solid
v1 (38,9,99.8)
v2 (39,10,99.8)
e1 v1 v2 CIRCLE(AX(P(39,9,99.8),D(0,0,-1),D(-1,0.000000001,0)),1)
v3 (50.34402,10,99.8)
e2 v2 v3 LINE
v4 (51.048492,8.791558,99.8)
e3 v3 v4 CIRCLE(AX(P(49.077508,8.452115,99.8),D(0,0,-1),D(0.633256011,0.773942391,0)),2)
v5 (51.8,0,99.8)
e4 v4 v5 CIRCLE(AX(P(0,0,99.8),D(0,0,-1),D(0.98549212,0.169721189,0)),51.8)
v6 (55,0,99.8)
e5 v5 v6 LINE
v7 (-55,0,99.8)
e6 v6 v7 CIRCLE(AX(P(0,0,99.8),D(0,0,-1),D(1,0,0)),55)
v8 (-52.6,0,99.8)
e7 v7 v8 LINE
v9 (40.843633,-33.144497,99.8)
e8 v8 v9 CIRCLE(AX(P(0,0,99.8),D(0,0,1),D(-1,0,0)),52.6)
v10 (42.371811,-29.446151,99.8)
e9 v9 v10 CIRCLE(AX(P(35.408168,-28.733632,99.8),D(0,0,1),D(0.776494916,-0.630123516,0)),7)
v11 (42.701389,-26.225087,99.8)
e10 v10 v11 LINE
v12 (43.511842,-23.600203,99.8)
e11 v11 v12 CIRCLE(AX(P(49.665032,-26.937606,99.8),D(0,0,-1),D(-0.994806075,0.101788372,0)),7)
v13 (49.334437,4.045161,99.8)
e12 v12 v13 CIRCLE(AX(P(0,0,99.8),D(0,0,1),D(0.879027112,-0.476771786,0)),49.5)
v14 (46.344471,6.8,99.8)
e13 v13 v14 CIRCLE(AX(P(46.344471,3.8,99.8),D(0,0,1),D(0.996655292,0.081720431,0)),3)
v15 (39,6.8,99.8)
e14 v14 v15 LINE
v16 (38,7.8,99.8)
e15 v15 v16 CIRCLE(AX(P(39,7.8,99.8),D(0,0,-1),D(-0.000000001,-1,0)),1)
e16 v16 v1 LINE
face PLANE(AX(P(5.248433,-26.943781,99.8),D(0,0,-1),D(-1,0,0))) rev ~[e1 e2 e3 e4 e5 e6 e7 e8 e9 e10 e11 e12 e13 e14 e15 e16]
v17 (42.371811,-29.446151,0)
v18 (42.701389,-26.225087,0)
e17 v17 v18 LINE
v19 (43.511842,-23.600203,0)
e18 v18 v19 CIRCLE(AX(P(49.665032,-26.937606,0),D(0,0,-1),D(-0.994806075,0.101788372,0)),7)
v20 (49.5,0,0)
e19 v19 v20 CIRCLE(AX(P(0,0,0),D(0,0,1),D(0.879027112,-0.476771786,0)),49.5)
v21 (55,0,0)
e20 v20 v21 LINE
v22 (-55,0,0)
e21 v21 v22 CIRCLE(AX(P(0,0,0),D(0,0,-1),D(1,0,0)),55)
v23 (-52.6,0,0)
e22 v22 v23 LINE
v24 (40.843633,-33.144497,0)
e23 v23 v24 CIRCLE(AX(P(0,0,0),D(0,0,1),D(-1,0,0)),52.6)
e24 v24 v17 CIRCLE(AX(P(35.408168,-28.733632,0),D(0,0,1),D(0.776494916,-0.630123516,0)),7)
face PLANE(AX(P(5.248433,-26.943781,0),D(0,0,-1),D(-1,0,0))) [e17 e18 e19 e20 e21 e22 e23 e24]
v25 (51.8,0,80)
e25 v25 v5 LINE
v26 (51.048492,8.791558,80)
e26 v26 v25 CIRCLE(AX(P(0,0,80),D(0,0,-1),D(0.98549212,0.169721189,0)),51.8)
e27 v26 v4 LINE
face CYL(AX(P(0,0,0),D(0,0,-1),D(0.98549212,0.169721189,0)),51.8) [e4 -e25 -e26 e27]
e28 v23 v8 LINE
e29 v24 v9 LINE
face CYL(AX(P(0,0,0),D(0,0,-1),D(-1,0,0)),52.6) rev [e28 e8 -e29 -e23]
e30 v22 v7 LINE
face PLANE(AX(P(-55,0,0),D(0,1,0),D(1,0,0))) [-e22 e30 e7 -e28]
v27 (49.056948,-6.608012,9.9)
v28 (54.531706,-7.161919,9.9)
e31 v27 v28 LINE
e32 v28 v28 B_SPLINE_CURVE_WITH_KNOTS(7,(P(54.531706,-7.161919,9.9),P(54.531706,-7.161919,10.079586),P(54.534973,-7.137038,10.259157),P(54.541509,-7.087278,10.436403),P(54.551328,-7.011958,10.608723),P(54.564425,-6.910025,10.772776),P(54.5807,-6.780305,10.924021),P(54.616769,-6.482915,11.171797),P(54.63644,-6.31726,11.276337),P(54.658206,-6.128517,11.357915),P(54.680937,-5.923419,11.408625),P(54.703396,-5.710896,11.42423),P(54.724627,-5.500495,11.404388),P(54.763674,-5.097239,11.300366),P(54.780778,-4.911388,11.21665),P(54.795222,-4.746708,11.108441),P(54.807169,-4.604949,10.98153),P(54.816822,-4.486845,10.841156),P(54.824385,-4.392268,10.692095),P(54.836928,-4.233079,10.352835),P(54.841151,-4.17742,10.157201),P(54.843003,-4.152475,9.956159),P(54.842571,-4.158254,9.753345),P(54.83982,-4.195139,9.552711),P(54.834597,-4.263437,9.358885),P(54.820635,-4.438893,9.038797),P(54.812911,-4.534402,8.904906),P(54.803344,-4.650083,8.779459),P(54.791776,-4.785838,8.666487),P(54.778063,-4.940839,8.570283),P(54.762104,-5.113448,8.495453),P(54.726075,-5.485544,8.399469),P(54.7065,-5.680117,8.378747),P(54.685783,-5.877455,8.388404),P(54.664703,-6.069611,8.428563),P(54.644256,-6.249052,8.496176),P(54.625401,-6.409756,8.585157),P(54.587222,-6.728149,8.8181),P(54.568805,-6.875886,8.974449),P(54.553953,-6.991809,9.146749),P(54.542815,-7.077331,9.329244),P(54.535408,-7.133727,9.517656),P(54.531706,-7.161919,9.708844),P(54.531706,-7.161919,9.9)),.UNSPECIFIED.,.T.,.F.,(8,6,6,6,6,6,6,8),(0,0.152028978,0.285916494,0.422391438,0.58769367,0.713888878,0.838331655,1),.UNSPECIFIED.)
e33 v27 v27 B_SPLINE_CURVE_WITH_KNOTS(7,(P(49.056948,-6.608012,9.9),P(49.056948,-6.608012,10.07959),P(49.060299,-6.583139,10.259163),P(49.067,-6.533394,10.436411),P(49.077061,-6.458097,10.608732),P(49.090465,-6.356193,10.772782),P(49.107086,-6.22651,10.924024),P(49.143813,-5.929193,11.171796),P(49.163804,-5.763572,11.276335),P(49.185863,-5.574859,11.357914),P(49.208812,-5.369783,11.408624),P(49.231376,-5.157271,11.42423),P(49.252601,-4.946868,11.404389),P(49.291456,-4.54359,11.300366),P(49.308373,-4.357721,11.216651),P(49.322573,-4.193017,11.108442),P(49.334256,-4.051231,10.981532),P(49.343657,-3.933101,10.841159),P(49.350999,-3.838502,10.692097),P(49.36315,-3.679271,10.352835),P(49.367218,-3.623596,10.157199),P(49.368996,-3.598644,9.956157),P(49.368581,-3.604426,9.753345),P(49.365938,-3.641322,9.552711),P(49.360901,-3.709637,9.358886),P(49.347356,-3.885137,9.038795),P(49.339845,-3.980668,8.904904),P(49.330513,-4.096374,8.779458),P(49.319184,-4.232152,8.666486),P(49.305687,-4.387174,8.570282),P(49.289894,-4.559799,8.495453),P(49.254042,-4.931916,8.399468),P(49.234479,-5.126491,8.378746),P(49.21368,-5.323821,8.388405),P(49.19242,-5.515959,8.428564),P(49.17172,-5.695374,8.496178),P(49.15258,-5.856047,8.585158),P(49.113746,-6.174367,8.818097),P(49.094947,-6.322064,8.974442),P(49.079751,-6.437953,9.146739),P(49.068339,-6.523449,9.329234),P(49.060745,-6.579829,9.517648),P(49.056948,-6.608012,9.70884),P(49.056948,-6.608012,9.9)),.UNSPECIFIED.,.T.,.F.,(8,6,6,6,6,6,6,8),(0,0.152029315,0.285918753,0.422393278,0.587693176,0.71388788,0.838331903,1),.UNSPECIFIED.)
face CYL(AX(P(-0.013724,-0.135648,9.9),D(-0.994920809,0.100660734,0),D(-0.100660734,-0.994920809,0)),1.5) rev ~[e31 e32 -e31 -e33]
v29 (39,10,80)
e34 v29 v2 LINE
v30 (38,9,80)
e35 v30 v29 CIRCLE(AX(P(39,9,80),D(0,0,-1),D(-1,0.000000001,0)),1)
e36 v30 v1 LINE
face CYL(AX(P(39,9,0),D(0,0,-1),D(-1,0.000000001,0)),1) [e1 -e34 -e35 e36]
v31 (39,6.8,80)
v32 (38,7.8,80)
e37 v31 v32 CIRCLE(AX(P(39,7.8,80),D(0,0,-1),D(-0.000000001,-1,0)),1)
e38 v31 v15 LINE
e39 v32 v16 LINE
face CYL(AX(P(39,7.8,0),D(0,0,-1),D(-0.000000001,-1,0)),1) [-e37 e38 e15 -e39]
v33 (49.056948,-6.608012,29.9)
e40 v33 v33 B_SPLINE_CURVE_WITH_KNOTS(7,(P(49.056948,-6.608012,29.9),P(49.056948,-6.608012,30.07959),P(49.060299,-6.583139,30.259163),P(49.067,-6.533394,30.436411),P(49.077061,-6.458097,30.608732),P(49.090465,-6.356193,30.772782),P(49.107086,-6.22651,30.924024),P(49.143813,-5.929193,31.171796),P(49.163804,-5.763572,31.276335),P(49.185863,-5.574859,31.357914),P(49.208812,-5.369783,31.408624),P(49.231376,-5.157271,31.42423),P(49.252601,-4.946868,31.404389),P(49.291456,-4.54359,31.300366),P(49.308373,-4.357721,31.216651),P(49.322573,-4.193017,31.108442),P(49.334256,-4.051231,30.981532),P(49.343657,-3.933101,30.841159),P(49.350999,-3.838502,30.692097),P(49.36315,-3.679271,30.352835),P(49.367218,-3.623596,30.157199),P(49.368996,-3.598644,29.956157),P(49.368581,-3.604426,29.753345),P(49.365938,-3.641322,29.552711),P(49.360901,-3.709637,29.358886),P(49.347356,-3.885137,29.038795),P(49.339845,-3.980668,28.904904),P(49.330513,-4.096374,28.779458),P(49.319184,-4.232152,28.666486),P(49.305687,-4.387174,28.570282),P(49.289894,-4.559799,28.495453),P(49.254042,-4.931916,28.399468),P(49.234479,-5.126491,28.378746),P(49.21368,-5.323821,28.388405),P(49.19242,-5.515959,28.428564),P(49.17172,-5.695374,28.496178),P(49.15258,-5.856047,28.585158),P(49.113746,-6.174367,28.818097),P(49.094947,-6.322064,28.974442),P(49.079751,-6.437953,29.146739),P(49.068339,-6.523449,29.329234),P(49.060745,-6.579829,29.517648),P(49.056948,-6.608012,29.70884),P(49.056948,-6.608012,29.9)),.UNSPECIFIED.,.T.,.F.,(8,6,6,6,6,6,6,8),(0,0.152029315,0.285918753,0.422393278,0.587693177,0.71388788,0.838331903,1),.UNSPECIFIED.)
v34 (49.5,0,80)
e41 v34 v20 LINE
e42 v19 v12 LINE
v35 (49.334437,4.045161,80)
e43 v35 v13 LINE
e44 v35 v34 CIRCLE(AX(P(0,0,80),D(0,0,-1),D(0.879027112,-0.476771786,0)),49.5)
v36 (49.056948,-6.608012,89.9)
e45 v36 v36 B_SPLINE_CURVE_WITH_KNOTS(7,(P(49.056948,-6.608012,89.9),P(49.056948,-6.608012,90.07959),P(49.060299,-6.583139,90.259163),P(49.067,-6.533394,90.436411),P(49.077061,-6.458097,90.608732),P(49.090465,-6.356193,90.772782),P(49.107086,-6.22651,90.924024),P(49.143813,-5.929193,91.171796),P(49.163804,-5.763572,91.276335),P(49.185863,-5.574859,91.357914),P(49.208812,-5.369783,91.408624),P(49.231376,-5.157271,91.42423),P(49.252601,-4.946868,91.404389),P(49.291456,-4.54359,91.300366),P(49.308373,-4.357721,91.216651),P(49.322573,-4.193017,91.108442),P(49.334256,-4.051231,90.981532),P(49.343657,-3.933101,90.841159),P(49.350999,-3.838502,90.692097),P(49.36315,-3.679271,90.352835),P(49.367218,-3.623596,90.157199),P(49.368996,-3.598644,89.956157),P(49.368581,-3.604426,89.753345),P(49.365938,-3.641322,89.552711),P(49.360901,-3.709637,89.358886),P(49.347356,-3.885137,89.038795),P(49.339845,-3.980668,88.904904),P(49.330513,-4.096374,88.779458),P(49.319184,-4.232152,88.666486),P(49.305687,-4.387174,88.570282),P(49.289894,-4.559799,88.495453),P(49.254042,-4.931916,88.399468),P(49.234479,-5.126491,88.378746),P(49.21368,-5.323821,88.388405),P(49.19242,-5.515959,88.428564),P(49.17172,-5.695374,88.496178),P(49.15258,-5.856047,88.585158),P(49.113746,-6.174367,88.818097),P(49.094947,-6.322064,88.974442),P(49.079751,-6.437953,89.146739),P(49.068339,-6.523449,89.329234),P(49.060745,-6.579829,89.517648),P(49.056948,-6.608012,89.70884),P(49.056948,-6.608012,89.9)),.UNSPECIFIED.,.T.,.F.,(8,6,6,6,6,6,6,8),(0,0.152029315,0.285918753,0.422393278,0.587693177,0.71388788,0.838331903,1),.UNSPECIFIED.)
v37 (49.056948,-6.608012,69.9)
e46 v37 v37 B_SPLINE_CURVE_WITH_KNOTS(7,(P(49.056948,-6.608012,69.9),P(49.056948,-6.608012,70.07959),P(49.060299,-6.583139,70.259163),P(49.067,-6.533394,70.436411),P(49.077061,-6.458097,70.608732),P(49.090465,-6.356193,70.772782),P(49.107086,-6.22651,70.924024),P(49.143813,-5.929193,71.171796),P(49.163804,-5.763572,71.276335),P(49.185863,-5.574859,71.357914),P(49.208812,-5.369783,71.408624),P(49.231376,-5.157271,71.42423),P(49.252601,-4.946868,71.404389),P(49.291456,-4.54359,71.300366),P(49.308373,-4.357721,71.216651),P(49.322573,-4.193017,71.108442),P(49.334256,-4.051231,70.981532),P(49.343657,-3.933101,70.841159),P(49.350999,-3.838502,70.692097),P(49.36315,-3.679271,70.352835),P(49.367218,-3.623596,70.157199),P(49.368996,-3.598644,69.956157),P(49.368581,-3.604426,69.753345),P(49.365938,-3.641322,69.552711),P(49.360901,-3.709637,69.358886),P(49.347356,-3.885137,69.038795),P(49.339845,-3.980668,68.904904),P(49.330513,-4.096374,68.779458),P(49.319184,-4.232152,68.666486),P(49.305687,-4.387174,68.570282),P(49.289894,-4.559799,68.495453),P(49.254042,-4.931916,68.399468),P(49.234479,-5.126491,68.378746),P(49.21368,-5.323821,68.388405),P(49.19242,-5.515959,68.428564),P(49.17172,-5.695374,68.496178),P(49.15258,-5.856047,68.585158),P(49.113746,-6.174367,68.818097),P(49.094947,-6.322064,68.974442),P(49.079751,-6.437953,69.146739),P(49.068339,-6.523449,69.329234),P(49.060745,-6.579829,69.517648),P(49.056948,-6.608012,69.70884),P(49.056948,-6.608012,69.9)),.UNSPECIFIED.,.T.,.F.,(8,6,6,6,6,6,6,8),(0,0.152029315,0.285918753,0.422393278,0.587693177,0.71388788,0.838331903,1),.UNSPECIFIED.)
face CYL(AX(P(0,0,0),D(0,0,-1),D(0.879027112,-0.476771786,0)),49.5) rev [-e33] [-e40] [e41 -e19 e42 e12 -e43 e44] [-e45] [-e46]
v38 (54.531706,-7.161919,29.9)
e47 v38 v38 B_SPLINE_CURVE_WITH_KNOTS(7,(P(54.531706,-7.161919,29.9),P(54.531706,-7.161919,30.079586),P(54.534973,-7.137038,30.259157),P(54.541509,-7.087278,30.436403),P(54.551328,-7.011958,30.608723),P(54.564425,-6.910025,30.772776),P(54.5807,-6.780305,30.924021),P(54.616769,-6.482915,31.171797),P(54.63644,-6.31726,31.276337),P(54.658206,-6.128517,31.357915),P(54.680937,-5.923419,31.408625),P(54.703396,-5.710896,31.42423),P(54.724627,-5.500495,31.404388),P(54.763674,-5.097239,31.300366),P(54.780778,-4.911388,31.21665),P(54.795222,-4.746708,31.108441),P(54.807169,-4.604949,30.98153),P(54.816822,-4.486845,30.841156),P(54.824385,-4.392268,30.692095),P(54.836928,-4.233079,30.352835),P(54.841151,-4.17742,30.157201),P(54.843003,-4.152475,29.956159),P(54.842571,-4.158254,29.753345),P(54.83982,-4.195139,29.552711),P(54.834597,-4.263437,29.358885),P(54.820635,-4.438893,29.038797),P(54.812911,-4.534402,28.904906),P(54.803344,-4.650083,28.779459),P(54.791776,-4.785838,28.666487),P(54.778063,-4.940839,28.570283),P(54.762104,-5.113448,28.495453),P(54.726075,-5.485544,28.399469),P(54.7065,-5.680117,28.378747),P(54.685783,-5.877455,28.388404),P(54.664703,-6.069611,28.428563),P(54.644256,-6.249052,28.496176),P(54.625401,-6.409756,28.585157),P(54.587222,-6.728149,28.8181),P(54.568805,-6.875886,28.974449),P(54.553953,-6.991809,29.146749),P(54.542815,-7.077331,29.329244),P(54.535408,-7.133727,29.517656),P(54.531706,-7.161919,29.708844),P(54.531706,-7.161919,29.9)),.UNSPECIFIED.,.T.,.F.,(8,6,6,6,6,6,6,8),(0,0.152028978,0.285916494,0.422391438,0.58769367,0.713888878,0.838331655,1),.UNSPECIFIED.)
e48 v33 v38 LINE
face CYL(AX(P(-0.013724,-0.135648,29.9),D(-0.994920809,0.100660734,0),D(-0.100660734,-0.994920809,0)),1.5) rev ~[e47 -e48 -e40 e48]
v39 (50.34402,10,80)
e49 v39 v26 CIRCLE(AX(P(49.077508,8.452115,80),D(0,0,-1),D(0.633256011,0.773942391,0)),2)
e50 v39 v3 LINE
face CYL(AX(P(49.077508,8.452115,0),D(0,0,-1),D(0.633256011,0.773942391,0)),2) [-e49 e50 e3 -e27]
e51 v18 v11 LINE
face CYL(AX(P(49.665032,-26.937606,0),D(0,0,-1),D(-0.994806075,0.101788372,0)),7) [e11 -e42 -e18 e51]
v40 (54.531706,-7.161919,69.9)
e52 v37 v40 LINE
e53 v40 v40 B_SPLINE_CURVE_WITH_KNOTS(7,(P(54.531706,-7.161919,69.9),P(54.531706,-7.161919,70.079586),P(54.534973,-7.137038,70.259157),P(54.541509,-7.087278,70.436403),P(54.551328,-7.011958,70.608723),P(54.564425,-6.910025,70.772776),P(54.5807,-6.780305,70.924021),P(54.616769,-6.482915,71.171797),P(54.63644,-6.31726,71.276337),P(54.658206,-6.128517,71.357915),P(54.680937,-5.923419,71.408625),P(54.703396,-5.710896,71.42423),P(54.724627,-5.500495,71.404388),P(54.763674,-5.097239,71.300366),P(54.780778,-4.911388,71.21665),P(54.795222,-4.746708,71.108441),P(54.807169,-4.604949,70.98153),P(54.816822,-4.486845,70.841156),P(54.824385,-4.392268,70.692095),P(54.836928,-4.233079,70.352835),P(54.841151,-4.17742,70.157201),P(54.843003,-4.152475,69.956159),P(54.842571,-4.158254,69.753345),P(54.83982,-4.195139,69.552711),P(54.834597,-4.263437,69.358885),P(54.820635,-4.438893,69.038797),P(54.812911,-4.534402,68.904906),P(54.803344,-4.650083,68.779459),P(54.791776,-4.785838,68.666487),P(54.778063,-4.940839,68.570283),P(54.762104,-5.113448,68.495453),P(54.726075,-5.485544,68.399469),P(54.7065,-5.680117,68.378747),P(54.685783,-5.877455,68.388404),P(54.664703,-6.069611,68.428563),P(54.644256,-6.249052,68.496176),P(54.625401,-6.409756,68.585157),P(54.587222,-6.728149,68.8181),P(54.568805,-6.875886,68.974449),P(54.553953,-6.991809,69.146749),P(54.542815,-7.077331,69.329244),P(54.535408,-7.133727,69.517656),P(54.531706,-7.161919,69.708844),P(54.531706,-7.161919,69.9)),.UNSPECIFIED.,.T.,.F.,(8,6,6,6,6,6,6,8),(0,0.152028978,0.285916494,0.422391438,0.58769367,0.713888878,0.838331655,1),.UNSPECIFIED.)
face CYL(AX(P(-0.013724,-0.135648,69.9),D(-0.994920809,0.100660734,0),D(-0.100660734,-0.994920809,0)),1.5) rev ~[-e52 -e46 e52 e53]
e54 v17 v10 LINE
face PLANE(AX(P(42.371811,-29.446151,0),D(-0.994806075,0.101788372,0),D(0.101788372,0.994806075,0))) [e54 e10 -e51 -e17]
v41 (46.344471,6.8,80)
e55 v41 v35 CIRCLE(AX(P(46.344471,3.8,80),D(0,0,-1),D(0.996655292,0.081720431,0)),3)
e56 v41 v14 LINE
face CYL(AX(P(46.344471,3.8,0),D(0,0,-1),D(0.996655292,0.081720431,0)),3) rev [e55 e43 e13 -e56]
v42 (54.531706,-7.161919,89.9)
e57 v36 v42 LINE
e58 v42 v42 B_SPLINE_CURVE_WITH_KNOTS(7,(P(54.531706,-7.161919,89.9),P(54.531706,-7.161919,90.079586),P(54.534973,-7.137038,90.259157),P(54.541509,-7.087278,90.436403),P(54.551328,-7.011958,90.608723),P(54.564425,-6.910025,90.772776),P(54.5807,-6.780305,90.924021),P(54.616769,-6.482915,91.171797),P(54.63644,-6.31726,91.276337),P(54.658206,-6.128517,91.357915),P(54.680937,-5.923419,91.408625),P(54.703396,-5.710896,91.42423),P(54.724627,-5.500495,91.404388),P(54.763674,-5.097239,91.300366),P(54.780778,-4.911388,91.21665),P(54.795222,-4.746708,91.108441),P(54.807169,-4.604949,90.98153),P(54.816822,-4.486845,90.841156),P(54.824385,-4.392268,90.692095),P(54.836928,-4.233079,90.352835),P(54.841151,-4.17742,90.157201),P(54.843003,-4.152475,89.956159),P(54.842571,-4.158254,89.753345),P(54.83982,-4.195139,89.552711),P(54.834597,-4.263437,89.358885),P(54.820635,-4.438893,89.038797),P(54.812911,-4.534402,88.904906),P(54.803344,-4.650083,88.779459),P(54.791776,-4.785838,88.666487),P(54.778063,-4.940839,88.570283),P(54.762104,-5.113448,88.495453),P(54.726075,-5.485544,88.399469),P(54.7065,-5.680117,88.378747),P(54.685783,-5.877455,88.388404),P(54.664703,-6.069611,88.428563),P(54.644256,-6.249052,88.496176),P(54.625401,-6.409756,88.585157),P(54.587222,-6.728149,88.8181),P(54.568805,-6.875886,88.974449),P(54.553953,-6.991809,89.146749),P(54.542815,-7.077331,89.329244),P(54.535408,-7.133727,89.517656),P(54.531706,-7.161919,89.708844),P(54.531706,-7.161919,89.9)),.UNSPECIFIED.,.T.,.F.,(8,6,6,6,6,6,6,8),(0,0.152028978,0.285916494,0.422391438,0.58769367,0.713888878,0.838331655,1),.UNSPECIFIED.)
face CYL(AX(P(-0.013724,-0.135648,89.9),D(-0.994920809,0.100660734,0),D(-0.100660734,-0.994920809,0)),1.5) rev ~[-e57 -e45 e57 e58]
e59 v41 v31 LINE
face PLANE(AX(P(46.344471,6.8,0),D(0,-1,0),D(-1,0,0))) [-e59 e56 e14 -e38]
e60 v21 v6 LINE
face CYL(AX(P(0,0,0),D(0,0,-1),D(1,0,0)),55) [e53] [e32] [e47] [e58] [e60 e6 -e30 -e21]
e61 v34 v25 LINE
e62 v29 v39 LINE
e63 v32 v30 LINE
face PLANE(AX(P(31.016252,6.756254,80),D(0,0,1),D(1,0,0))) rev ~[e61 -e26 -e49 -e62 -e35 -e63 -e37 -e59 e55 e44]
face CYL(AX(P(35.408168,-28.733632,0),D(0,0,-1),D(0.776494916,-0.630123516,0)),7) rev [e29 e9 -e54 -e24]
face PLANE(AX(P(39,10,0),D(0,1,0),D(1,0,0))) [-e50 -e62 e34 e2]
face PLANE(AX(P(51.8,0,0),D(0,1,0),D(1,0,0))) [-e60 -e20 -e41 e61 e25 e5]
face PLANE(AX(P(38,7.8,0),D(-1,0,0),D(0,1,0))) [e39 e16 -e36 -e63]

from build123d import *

# Parameters (mm, degrees)
EXTRUDE_1_DEPTH     = 99.8
SKETCH_7_R          = 1.5
CUT_EXTRUDE_6_DEPTH = 80
CUT_EXTRUDE_7_DEPTH = 80


with BuildPart() as part:
    # 草图1 → 凸台-拉伸1 (new body)
    with BuildSketch(Plane.XY):
        with BuildLine():
            Line((-55, 0), (-52.6, 0))
            ThreePointArc((-52.6, 0), (-17.5838694, -49.573859411), (40.843632582, -33.144496941))
            ThreePointArc((40.843632582, -33.144496941), (41.8776275, -31.406850611), (42.371810697, -29.446150933))
            Line((42.371810697, -29.446150933), (42.701389329, -26.225087281))
            ThreePointArc((42.701389329, -26.225087281), (42.976584625, -24.872497257), (43.511842068, -23.600203386))
            ThreePointArc((43.511842068, -23.600203386), (48.437324754, -10.201743511), (49.33443696, 4.04516129))
            ThreePointArc((49.33443696, 4.04516129), (48.377266711, 6.006295976), (46.344471083, 6.8))
            Line((46.344471083, 6.8), (39, 6.8))
            ThreePointArc((39, 6.8), (38.292893219, 7.092893219), (38, 7.8))
            Line((38, 7.8), (38, 9))
            ThreePointArc((38, 9), (38.292893219, 9.707106781), (39, 10))
            Line((39, 10), (50.344019583, 10))
            ThreePointArc((50.344019583, 10), (50.805346897, 9.459374484), (51.0484918, 8.791557597))
            ThreePointArc((51.0484918, 8.791557597), (51.611780996, 4.411809423), (51.8, 0))
            Line((51.8, 0), (55, 0))
            ThreePointArc((55, 0), (0, -55), (-55, 0))
        make_face()
    extrude(amount=EXTRUDE_1_DEPTH)

    # 草图7 → 切除-拉伸6 (cut)
    with BuildSketch(Plane(origin=(0, 0, 0), x_dir=(0.10066073352284005, 0.994920809274107, 0), z_dir=(-0.9949208092741069, 0.10066073352284004, 0))):
        with Locations(Location((-0.136340344, -9.9, 0), (0, 0, 180))):
            Circle(SKETCH_7_R)
        with Locations(Location((-0.136340344, -29.9, 0), (0, 0, 180))):
            Circle(SKETCH_7_R)
        with Locations(Location((-0.136340344, -69.9, 0), (0, 0, 180))):
            Circle(SKETCH_7_R)
        with Locations(Location((-0.136340344, -89.9, 0), (0, 0, 180))):
            Circle(SKETCH_7_R)
    extrude(amount=-CUT_EXTRUDE_6_DEPTH, mode=Mode.SUBTRACT)

    # 草图8 → 切除-拉伸7 (cut)
    with BuildSketch(Plane(origin=(0, 0, 0), x_dir=(-1, 0, 0), z_dir=(0, 0, -1))):
        with BuildLine():
            Line((-50.016978469, 22.875792113), (0, 0))
            Line((0, 0), (-55, 0))
            ThreePointArc((-55, 0), (-53.739807479, 11.70611345), (-50.016978469, 22.875792113))
        make_face()
    extrude(amount=-CUT_EXTRUDE_7_DEPTH, mode=Mode.SUBTRACT)


solid = part.part
